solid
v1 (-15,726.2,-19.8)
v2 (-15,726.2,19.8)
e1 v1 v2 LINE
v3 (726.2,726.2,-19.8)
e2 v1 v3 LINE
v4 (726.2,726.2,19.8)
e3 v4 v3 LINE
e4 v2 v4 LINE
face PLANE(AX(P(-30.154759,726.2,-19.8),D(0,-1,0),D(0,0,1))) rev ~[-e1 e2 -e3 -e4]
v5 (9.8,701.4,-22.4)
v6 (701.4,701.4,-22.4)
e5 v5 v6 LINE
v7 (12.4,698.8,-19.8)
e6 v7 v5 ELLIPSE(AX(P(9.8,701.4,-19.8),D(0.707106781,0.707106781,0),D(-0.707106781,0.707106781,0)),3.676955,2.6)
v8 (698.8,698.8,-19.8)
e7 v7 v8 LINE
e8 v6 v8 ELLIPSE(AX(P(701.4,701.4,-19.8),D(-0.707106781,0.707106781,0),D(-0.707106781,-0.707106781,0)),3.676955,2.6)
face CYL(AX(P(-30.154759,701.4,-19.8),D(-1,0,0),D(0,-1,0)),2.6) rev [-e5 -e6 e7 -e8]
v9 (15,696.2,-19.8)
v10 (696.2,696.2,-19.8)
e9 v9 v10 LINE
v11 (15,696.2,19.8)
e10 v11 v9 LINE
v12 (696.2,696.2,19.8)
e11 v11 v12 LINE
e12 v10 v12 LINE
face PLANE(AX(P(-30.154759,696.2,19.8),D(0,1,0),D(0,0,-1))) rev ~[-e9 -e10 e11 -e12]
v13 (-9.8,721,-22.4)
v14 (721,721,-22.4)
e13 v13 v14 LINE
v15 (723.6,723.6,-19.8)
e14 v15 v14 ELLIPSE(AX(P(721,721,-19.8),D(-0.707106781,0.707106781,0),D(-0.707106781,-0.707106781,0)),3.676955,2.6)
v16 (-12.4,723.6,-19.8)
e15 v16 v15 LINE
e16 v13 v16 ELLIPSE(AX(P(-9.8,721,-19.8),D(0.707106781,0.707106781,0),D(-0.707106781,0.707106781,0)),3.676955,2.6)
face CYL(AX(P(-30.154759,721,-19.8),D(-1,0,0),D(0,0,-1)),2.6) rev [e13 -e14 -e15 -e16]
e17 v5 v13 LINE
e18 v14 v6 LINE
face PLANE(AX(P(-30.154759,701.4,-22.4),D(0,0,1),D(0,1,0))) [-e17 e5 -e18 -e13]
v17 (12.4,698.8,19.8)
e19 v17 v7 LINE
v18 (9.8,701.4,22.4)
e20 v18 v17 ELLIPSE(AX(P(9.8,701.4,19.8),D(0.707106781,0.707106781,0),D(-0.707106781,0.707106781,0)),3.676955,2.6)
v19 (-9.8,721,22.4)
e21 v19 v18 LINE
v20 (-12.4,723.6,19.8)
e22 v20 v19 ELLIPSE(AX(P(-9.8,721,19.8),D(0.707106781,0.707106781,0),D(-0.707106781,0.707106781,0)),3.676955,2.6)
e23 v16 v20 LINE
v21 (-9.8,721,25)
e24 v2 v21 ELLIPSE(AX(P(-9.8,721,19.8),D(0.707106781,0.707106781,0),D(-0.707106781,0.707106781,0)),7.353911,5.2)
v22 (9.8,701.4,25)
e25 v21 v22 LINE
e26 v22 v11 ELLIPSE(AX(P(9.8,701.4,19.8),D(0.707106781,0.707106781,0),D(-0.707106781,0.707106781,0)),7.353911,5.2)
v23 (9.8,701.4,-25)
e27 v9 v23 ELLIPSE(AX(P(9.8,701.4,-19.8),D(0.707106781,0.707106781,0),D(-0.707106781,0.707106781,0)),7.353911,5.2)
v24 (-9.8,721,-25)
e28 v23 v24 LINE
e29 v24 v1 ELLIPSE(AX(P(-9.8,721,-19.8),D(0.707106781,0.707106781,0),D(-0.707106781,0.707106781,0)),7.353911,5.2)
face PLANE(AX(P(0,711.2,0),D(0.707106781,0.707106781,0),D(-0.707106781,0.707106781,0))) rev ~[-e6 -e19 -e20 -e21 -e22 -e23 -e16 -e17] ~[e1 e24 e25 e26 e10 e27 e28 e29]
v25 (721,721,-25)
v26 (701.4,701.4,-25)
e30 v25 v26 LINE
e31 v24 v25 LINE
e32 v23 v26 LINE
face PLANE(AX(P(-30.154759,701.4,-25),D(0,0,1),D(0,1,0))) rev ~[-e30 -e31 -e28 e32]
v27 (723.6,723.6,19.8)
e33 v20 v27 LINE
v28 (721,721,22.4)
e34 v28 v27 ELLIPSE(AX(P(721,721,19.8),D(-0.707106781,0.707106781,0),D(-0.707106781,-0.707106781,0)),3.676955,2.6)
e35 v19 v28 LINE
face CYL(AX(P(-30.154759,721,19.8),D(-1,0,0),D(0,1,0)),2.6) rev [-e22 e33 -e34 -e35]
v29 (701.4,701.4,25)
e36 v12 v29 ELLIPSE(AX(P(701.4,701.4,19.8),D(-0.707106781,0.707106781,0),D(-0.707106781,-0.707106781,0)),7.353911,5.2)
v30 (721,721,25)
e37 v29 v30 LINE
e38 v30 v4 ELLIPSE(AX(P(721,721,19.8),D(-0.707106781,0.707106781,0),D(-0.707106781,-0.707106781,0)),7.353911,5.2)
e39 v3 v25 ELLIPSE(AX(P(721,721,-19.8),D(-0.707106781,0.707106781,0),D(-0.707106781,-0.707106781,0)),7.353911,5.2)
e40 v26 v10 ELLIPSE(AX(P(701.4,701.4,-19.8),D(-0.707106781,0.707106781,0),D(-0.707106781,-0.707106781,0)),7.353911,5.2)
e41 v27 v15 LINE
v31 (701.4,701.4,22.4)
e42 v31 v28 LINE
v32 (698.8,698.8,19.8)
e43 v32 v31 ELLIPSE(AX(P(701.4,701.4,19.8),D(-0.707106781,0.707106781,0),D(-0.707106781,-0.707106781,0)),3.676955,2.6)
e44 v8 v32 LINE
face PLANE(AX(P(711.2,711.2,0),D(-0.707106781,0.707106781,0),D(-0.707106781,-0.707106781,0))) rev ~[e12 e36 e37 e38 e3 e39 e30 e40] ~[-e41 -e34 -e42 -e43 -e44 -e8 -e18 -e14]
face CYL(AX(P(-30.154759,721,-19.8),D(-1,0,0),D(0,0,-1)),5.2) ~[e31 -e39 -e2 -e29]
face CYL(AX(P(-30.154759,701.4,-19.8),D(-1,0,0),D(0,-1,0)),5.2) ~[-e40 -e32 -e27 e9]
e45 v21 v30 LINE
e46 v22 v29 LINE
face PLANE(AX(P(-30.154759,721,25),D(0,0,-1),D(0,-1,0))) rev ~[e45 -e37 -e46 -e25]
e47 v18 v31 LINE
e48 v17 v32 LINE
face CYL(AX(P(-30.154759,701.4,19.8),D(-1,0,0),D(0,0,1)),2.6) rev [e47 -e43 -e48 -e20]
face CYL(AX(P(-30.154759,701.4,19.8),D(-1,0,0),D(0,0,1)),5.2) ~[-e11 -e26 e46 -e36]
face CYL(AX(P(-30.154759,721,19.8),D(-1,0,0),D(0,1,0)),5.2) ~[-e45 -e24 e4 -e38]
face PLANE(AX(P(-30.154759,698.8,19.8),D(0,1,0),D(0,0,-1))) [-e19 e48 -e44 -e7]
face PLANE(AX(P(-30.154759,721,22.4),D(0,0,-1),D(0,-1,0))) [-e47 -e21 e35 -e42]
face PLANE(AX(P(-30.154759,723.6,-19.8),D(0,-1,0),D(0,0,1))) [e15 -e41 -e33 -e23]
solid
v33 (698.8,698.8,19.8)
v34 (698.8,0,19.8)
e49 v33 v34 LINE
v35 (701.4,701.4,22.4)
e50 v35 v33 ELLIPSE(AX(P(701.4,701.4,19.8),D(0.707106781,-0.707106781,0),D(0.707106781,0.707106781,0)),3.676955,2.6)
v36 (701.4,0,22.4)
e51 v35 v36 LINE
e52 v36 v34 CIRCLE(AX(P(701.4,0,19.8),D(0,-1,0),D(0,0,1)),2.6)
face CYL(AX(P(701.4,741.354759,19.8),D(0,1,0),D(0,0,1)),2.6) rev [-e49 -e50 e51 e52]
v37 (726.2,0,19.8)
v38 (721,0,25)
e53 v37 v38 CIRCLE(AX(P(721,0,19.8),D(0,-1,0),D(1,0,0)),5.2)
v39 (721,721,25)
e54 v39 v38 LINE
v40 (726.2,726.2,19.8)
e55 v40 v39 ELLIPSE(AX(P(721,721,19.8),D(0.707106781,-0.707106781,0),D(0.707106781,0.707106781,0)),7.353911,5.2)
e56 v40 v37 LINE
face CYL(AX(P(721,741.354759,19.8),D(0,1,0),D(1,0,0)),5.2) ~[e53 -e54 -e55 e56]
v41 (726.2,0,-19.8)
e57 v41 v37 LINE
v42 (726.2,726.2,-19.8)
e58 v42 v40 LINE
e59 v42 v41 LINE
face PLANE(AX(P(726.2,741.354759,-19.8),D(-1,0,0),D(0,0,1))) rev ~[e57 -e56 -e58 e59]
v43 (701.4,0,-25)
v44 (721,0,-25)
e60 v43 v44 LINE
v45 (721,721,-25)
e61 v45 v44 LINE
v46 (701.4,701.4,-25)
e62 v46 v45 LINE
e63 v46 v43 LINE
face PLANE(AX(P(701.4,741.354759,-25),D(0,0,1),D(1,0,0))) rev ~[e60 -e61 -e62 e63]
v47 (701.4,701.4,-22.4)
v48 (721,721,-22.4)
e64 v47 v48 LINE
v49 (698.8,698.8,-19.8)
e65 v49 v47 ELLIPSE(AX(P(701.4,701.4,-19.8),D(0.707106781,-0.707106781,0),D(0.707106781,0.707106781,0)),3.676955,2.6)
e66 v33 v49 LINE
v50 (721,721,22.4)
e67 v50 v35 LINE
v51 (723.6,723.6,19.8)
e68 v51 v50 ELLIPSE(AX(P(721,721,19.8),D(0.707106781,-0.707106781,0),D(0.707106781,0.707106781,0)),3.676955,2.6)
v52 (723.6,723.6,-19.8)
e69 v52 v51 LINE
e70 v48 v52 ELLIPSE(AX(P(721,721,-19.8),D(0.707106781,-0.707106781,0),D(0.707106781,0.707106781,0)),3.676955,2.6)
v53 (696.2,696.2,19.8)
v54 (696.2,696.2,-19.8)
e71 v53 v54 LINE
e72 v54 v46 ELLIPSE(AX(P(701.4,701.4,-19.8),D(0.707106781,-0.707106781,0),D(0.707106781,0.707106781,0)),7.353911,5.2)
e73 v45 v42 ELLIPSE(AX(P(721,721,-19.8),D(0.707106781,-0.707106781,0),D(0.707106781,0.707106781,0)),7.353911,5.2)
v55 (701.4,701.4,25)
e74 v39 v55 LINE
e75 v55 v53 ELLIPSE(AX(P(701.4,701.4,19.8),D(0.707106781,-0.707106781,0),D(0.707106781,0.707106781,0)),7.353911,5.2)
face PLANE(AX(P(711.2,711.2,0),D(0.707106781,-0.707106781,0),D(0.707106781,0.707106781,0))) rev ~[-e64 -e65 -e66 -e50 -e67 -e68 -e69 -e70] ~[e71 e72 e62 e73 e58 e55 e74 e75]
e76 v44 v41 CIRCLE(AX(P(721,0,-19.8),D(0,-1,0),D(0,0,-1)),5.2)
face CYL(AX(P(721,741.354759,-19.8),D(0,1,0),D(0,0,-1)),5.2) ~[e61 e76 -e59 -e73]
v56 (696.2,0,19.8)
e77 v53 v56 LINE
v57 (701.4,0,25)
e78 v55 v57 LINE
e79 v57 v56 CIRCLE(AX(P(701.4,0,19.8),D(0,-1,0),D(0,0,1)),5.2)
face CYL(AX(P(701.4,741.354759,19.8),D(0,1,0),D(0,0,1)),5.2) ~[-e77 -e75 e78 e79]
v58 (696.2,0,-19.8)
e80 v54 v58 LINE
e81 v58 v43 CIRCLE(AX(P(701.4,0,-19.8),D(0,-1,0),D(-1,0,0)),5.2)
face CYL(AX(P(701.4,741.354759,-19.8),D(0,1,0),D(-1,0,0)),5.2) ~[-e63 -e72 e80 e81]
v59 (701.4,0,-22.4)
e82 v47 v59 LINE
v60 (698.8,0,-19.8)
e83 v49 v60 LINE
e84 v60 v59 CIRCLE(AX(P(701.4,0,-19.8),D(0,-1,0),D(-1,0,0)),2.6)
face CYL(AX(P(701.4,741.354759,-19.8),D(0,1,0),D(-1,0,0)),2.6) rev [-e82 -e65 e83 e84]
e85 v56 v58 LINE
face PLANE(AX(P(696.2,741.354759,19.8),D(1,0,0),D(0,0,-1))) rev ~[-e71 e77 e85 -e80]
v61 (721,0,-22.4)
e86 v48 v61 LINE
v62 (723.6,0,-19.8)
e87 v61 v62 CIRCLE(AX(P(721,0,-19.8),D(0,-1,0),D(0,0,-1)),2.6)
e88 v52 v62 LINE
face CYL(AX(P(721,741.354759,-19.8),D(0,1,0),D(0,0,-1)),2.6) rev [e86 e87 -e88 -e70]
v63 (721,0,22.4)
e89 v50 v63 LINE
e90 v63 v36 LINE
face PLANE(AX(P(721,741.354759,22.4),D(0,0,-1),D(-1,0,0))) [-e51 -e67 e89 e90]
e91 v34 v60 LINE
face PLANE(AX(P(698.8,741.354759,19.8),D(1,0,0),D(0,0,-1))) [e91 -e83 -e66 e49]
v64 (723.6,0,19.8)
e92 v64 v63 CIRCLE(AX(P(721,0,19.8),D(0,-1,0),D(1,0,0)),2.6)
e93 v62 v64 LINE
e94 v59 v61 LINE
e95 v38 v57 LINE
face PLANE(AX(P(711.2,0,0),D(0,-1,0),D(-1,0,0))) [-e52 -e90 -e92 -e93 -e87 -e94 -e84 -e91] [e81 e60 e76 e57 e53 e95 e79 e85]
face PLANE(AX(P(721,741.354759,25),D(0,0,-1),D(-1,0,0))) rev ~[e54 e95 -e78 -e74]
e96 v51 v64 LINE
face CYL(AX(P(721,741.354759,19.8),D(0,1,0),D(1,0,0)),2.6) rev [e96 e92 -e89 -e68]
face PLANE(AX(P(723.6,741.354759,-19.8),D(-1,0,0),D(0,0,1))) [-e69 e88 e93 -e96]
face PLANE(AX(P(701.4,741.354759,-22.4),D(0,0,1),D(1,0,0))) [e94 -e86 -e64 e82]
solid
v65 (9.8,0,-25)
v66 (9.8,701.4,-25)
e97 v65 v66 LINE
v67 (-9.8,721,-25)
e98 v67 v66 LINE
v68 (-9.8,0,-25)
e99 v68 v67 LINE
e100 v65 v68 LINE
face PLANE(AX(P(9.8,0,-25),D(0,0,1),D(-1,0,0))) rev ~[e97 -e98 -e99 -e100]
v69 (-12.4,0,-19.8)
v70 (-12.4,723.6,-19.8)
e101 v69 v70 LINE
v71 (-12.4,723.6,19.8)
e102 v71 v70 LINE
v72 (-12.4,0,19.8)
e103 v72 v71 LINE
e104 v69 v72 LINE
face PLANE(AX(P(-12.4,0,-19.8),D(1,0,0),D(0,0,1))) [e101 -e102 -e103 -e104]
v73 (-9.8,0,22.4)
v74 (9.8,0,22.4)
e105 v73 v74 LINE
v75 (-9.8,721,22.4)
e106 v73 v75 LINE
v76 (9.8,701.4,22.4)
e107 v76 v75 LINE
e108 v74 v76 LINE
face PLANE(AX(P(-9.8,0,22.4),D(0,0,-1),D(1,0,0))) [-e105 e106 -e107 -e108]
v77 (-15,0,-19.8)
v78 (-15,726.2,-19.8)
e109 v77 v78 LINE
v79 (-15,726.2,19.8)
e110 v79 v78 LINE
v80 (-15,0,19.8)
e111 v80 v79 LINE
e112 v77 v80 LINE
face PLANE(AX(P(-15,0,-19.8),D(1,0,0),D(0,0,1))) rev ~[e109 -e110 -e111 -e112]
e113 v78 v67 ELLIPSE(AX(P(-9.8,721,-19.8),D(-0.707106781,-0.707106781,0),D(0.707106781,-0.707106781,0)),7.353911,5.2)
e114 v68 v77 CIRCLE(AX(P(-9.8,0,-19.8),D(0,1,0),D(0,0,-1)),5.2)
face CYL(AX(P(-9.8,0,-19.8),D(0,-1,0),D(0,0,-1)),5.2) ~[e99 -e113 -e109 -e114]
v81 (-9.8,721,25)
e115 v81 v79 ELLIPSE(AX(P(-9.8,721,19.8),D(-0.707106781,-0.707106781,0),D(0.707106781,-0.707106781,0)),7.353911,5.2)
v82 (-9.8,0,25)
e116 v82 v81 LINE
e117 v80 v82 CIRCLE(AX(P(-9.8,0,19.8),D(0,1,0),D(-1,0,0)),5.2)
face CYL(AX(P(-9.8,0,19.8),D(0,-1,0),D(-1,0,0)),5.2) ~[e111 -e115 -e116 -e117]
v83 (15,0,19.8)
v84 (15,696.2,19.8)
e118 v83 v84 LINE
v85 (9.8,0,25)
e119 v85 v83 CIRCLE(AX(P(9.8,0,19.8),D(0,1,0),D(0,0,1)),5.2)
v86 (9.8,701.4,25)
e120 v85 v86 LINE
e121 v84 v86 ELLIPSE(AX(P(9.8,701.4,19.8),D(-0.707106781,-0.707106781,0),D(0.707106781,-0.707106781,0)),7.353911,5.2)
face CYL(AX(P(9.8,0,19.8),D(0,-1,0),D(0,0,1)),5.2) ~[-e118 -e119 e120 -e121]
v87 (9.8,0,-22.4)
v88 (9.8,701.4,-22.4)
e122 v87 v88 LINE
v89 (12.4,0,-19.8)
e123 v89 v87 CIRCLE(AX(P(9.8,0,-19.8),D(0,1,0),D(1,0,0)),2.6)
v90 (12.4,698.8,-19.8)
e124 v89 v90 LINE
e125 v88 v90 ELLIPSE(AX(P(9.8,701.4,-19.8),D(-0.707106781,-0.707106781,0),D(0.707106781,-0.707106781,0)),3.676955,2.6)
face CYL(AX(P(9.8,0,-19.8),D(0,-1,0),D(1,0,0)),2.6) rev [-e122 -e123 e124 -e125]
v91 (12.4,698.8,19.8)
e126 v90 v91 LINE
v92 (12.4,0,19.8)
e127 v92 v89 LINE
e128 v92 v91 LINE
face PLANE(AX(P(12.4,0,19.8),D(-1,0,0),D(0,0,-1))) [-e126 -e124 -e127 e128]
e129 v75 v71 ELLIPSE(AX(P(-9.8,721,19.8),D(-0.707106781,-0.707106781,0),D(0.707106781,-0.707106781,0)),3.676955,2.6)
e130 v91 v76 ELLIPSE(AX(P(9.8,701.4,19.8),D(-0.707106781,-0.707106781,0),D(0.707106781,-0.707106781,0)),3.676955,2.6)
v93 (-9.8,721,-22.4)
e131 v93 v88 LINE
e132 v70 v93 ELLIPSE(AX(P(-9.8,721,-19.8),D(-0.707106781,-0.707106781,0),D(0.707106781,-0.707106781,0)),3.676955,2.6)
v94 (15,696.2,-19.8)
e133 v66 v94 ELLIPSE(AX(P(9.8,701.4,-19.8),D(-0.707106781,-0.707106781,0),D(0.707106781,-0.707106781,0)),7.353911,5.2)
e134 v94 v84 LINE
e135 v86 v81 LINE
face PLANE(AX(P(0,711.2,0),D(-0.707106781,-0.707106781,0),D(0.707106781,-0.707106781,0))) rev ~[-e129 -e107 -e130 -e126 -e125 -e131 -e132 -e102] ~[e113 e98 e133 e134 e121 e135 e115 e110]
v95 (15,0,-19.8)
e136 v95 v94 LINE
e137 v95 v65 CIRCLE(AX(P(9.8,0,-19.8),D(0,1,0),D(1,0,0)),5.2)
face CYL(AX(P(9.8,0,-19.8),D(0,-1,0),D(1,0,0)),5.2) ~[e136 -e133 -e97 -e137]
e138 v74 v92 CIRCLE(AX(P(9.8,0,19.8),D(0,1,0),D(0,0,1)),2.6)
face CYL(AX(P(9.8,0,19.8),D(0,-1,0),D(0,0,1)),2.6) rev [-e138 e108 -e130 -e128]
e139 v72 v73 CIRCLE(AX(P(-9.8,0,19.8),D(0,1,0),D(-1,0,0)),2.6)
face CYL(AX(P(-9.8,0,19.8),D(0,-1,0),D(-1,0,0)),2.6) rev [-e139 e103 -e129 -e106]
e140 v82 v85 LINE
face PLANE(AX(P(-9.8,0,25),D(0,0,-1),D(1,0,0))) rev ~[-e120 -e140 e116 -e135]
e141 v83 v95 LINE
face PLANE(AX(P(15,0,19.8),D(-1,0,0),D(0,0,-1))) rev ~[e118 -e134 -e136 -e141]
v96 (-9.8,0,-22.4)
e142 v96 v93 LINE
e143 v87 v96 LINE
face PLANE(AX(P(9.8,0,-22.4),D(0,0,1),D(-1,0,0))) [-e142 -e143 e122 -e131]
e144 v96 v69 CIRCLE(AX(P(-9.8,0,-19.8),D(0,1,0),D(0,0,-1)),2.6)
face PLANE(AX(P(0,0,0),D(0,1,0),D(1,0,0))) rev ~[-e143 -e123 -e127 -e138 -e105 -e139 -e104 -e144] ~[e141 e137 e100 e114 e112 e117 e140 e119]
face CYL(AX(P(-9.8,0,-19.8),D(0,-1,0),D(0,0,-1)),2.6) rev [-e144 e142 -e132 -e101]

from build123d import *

# Parameters (mm, degrees)
RECTANGULAR_TUBE_50_X_30_X_2_6_1_DEPTH   = 741.354759474
RECTANGULAR_TUBE_50_X_30_X_2_6_1_2_DEPTH = 771.509518948
RECTANGULAR_TUBE_50_X_30_X_2_6_1_3_DEPTH = 741.354759474


with BuildPart() as part:
    # Sketch11 → Rectangular tube 50 X 30 X 2.6(1) (new body)
    with BuildSketch(Plane(origin=(0, 0, 0), x_dir=(1, 0, 0), z_dir=(0, 1, 0))):
        with BuildLine():
            Line((-9.8, -25), (9.8, -25))
            ThreePointArc((9.8, -25), (13.476955262, -23.476955262), (15, -19.8))
            Line((15, -19.8), (15, 19.8))
            ThreePointArc((15, 19.8), (13.476955262, 23.476955262), (9.8, 25))
            Line((9.8, 25), (-9.8, 25))
            ThreePointArc((-9.8, 25), (-13.476955262, 23.476955262), (-15, 19.8))
            Line((-15, 19.8), (-15, -19.8))
            ThreePointArc((-15, -19.8), (-13.476955262, -23.476955262), (-9.8, -25))
        make_face()
        with BuildLine():
            Line((-9.8, -22.4), (9.8, -22.4))
            ThreePointArc((9.8, -22.4), (11.638477631, -21.638477631), (12.4, -19.8))
            Line((12.4, -19.8), (12.4, 19.8))
            ThreePointArc((12.4, 19.8), (11.638477631, 21.638477631), (9.8, 22.4))
            Line((9.8, 22.4), (-9.8, 22.4))
            ThreePointArc((-9.8, 22.4), (-11.638477631, 21.638477631), (-12.4, 19.8))
            Line((-12.4, 19.8), (-12.4, -19.8))
            ThreePointArc((-12.4, -19.8), (-11.638477631, -21.638477631), (-9.8, -22.4))
        make_face(mode=Mode.SUBTRACT)
    extrude(amount=RECTANGULAR_TUBE_50_X_30_X_2_6_1_DEPTH)

    # Rectangular tube 50 X 30 X 2.6(1) mitre 1
    split(bisect_by=Plane(origin=(0, 711.2, 0), x_dir=(0.707106781, -0.707106781, 0), z_dir=(-0.707106781, -0.707106781, 0)), keep=Keep.TOP)


with BuildPart() as body_2:
    # Sketch11 on segment 2 (carried to segment 2) → Rectangular tube 50 X 30 X 2.6_1 2 (new body)
    with BuildSketch(Plane(origin=(-30.154759474, 711.2, 0), x_dir=(0, -1, 0), z_dir=(1, 0, 0))):
        with BuildLine():
            Line((-9.8, -25), (9.8, -25))
            ThreePointArc((9.8, -25), (13.476955262, -23.476955262), (15, -19.8))
            Line((15, -19.8), (15, 19.8))
            ThreePointArc((15, 19.8), (13.476955262, 23.476955262), (9.8, 25))
            Line((9.8, 25), (-9.8, 25))
            ThreePointArc((-9.8, 25), (-13.476955262, 23.476955262), (-15, 19.8))
            Line((-15, 19.8), (-15, -19.8))
            ThreePointArc((-15, -19.8), (-13.476955262, -23.476955262), (-9.8, -25))
        make_face()
        with BuildLine():
            Line((-9.8, -22.4), (9.8, -22.4))
            ThreePointArc((9.8, -22.4), (11.638477631, -21.638477631), (12.4, -19.8))
            Line((12.4, -19.8), (12.4, 19.8))
            ThreePointArc((12.4, 19.8), (11.638477631, 21.638477631), (9.8, 22.4))
            Line((9.8, 22.4), (-9.8, 22.4))
            ThreePointArc((-9.8, 22.4), (-11.638477631, 21.638477631), (-12.4, 19.8))
            Line((-12.4, 19.8), (-12.4, -19.8))
            ThreePointArc((-12.4, -19.8), (-11.638477631, -21.638477631), (-9.8, -22.4))
        make_face(mode=Mode.SUBTRACT)
    extrude(amount=RECTANGULAR_TUBE_50_X_30_X_2_6_1_2_DEPTH)

    # Rectangular tube 50 X 30 X 2.6_1 2 mitre
    split(bisect_by=Plane(origin=(0, 711.2, 0), x_dir=(-0.707106781, 0.707106781, 0), z_dir=(0.707106781, 0.707106781, 0)), keep=Keep.TOP)

    # Rectangular tube 50 X 30 X 2.6_1 2 m 2
    split(bisect_by=Plane(origin=(711.2, 711.2, 0), x_dir=(-0.707106781, -0.707106781, 0), z_dir=(-0.707106781, 0.707106781, 0)), keep=Keep.TOP)


with BuildPart() as body_3:
    # Sketch11 on segment 3 (carried to segment 3) → Rectangular tube 50 X 30 X 2.6_1 3 (new body)
    with BuildSketch(Plane(origin=(711.2, 741.354759474, 0), x_dir=(-1, 0, 0), z_dir=(0, -1, 0))):
        with BuildLine():
            Line((-9.8, -25), (9.8, -25))
            ThreePointArc((9.8, -25), (13.476955262, -23.476955262), (15, -19.8))
            Line((15, -19.8), (15, 19.8))
            ThreePointArc((15, 19.8), (13.476955262, 23.476955262), (9.8, 25))
            Line((9.8, 25), (-9.8, 25))
            ThreePointArc((-9.8, 25), (-13.476955262, 23.476955262), (-15, 19.8))
            Line((-15, 19.8), (-15, -19.8))
            ThreePointArc((-15, -19.8), (-13.476955262, -23.476955262), (-9.8, -25))
        make_face()
        with BuildLine():
            Line((-9.8, -22.4), (9.8, -22.4))
            ThreePointArc((9.8, -22.4), (11.638477631, -21.638477631), (12.4, -19.8))
            Line((12.4, -19.8), (12.4, 19.8))
            ThreePointArc((12.4, 19.8), (11.638477631, 21.638477631), (9.8, 22.4))
            Line((9.8, 22.4), (-9.8, 22.4))
            ThreePointArc((-9.8, 22.4), (-11.638477631, 21.638477631), (-12.4, 19.8))
            Line((-12.4, 19.8), (-12.4, -19.8))
            ThreePointArc((-12.4, -19.8), (-11.638477631, -21.638477631), (-9.8, -22.4))
        make_face(mode=Mode.SUBTRACT)
    extrude(amount=RECTANGULAR_TUBE_50_X_30_X_2_6_1_3_DEPTH)

    # Rectangular tube 50 X 30 X 2.6_1 3 mitre
    split(bisect_by=Plane(origin=(711.2, 711.2, 0), x_dir=(0.707106781, 0.707106781, 0), z_dir=(0.707106781, -0.707106781, 0)), keep=Keep.TOP)


solid = Compound([part.part, body_2.part, body_3.part])
